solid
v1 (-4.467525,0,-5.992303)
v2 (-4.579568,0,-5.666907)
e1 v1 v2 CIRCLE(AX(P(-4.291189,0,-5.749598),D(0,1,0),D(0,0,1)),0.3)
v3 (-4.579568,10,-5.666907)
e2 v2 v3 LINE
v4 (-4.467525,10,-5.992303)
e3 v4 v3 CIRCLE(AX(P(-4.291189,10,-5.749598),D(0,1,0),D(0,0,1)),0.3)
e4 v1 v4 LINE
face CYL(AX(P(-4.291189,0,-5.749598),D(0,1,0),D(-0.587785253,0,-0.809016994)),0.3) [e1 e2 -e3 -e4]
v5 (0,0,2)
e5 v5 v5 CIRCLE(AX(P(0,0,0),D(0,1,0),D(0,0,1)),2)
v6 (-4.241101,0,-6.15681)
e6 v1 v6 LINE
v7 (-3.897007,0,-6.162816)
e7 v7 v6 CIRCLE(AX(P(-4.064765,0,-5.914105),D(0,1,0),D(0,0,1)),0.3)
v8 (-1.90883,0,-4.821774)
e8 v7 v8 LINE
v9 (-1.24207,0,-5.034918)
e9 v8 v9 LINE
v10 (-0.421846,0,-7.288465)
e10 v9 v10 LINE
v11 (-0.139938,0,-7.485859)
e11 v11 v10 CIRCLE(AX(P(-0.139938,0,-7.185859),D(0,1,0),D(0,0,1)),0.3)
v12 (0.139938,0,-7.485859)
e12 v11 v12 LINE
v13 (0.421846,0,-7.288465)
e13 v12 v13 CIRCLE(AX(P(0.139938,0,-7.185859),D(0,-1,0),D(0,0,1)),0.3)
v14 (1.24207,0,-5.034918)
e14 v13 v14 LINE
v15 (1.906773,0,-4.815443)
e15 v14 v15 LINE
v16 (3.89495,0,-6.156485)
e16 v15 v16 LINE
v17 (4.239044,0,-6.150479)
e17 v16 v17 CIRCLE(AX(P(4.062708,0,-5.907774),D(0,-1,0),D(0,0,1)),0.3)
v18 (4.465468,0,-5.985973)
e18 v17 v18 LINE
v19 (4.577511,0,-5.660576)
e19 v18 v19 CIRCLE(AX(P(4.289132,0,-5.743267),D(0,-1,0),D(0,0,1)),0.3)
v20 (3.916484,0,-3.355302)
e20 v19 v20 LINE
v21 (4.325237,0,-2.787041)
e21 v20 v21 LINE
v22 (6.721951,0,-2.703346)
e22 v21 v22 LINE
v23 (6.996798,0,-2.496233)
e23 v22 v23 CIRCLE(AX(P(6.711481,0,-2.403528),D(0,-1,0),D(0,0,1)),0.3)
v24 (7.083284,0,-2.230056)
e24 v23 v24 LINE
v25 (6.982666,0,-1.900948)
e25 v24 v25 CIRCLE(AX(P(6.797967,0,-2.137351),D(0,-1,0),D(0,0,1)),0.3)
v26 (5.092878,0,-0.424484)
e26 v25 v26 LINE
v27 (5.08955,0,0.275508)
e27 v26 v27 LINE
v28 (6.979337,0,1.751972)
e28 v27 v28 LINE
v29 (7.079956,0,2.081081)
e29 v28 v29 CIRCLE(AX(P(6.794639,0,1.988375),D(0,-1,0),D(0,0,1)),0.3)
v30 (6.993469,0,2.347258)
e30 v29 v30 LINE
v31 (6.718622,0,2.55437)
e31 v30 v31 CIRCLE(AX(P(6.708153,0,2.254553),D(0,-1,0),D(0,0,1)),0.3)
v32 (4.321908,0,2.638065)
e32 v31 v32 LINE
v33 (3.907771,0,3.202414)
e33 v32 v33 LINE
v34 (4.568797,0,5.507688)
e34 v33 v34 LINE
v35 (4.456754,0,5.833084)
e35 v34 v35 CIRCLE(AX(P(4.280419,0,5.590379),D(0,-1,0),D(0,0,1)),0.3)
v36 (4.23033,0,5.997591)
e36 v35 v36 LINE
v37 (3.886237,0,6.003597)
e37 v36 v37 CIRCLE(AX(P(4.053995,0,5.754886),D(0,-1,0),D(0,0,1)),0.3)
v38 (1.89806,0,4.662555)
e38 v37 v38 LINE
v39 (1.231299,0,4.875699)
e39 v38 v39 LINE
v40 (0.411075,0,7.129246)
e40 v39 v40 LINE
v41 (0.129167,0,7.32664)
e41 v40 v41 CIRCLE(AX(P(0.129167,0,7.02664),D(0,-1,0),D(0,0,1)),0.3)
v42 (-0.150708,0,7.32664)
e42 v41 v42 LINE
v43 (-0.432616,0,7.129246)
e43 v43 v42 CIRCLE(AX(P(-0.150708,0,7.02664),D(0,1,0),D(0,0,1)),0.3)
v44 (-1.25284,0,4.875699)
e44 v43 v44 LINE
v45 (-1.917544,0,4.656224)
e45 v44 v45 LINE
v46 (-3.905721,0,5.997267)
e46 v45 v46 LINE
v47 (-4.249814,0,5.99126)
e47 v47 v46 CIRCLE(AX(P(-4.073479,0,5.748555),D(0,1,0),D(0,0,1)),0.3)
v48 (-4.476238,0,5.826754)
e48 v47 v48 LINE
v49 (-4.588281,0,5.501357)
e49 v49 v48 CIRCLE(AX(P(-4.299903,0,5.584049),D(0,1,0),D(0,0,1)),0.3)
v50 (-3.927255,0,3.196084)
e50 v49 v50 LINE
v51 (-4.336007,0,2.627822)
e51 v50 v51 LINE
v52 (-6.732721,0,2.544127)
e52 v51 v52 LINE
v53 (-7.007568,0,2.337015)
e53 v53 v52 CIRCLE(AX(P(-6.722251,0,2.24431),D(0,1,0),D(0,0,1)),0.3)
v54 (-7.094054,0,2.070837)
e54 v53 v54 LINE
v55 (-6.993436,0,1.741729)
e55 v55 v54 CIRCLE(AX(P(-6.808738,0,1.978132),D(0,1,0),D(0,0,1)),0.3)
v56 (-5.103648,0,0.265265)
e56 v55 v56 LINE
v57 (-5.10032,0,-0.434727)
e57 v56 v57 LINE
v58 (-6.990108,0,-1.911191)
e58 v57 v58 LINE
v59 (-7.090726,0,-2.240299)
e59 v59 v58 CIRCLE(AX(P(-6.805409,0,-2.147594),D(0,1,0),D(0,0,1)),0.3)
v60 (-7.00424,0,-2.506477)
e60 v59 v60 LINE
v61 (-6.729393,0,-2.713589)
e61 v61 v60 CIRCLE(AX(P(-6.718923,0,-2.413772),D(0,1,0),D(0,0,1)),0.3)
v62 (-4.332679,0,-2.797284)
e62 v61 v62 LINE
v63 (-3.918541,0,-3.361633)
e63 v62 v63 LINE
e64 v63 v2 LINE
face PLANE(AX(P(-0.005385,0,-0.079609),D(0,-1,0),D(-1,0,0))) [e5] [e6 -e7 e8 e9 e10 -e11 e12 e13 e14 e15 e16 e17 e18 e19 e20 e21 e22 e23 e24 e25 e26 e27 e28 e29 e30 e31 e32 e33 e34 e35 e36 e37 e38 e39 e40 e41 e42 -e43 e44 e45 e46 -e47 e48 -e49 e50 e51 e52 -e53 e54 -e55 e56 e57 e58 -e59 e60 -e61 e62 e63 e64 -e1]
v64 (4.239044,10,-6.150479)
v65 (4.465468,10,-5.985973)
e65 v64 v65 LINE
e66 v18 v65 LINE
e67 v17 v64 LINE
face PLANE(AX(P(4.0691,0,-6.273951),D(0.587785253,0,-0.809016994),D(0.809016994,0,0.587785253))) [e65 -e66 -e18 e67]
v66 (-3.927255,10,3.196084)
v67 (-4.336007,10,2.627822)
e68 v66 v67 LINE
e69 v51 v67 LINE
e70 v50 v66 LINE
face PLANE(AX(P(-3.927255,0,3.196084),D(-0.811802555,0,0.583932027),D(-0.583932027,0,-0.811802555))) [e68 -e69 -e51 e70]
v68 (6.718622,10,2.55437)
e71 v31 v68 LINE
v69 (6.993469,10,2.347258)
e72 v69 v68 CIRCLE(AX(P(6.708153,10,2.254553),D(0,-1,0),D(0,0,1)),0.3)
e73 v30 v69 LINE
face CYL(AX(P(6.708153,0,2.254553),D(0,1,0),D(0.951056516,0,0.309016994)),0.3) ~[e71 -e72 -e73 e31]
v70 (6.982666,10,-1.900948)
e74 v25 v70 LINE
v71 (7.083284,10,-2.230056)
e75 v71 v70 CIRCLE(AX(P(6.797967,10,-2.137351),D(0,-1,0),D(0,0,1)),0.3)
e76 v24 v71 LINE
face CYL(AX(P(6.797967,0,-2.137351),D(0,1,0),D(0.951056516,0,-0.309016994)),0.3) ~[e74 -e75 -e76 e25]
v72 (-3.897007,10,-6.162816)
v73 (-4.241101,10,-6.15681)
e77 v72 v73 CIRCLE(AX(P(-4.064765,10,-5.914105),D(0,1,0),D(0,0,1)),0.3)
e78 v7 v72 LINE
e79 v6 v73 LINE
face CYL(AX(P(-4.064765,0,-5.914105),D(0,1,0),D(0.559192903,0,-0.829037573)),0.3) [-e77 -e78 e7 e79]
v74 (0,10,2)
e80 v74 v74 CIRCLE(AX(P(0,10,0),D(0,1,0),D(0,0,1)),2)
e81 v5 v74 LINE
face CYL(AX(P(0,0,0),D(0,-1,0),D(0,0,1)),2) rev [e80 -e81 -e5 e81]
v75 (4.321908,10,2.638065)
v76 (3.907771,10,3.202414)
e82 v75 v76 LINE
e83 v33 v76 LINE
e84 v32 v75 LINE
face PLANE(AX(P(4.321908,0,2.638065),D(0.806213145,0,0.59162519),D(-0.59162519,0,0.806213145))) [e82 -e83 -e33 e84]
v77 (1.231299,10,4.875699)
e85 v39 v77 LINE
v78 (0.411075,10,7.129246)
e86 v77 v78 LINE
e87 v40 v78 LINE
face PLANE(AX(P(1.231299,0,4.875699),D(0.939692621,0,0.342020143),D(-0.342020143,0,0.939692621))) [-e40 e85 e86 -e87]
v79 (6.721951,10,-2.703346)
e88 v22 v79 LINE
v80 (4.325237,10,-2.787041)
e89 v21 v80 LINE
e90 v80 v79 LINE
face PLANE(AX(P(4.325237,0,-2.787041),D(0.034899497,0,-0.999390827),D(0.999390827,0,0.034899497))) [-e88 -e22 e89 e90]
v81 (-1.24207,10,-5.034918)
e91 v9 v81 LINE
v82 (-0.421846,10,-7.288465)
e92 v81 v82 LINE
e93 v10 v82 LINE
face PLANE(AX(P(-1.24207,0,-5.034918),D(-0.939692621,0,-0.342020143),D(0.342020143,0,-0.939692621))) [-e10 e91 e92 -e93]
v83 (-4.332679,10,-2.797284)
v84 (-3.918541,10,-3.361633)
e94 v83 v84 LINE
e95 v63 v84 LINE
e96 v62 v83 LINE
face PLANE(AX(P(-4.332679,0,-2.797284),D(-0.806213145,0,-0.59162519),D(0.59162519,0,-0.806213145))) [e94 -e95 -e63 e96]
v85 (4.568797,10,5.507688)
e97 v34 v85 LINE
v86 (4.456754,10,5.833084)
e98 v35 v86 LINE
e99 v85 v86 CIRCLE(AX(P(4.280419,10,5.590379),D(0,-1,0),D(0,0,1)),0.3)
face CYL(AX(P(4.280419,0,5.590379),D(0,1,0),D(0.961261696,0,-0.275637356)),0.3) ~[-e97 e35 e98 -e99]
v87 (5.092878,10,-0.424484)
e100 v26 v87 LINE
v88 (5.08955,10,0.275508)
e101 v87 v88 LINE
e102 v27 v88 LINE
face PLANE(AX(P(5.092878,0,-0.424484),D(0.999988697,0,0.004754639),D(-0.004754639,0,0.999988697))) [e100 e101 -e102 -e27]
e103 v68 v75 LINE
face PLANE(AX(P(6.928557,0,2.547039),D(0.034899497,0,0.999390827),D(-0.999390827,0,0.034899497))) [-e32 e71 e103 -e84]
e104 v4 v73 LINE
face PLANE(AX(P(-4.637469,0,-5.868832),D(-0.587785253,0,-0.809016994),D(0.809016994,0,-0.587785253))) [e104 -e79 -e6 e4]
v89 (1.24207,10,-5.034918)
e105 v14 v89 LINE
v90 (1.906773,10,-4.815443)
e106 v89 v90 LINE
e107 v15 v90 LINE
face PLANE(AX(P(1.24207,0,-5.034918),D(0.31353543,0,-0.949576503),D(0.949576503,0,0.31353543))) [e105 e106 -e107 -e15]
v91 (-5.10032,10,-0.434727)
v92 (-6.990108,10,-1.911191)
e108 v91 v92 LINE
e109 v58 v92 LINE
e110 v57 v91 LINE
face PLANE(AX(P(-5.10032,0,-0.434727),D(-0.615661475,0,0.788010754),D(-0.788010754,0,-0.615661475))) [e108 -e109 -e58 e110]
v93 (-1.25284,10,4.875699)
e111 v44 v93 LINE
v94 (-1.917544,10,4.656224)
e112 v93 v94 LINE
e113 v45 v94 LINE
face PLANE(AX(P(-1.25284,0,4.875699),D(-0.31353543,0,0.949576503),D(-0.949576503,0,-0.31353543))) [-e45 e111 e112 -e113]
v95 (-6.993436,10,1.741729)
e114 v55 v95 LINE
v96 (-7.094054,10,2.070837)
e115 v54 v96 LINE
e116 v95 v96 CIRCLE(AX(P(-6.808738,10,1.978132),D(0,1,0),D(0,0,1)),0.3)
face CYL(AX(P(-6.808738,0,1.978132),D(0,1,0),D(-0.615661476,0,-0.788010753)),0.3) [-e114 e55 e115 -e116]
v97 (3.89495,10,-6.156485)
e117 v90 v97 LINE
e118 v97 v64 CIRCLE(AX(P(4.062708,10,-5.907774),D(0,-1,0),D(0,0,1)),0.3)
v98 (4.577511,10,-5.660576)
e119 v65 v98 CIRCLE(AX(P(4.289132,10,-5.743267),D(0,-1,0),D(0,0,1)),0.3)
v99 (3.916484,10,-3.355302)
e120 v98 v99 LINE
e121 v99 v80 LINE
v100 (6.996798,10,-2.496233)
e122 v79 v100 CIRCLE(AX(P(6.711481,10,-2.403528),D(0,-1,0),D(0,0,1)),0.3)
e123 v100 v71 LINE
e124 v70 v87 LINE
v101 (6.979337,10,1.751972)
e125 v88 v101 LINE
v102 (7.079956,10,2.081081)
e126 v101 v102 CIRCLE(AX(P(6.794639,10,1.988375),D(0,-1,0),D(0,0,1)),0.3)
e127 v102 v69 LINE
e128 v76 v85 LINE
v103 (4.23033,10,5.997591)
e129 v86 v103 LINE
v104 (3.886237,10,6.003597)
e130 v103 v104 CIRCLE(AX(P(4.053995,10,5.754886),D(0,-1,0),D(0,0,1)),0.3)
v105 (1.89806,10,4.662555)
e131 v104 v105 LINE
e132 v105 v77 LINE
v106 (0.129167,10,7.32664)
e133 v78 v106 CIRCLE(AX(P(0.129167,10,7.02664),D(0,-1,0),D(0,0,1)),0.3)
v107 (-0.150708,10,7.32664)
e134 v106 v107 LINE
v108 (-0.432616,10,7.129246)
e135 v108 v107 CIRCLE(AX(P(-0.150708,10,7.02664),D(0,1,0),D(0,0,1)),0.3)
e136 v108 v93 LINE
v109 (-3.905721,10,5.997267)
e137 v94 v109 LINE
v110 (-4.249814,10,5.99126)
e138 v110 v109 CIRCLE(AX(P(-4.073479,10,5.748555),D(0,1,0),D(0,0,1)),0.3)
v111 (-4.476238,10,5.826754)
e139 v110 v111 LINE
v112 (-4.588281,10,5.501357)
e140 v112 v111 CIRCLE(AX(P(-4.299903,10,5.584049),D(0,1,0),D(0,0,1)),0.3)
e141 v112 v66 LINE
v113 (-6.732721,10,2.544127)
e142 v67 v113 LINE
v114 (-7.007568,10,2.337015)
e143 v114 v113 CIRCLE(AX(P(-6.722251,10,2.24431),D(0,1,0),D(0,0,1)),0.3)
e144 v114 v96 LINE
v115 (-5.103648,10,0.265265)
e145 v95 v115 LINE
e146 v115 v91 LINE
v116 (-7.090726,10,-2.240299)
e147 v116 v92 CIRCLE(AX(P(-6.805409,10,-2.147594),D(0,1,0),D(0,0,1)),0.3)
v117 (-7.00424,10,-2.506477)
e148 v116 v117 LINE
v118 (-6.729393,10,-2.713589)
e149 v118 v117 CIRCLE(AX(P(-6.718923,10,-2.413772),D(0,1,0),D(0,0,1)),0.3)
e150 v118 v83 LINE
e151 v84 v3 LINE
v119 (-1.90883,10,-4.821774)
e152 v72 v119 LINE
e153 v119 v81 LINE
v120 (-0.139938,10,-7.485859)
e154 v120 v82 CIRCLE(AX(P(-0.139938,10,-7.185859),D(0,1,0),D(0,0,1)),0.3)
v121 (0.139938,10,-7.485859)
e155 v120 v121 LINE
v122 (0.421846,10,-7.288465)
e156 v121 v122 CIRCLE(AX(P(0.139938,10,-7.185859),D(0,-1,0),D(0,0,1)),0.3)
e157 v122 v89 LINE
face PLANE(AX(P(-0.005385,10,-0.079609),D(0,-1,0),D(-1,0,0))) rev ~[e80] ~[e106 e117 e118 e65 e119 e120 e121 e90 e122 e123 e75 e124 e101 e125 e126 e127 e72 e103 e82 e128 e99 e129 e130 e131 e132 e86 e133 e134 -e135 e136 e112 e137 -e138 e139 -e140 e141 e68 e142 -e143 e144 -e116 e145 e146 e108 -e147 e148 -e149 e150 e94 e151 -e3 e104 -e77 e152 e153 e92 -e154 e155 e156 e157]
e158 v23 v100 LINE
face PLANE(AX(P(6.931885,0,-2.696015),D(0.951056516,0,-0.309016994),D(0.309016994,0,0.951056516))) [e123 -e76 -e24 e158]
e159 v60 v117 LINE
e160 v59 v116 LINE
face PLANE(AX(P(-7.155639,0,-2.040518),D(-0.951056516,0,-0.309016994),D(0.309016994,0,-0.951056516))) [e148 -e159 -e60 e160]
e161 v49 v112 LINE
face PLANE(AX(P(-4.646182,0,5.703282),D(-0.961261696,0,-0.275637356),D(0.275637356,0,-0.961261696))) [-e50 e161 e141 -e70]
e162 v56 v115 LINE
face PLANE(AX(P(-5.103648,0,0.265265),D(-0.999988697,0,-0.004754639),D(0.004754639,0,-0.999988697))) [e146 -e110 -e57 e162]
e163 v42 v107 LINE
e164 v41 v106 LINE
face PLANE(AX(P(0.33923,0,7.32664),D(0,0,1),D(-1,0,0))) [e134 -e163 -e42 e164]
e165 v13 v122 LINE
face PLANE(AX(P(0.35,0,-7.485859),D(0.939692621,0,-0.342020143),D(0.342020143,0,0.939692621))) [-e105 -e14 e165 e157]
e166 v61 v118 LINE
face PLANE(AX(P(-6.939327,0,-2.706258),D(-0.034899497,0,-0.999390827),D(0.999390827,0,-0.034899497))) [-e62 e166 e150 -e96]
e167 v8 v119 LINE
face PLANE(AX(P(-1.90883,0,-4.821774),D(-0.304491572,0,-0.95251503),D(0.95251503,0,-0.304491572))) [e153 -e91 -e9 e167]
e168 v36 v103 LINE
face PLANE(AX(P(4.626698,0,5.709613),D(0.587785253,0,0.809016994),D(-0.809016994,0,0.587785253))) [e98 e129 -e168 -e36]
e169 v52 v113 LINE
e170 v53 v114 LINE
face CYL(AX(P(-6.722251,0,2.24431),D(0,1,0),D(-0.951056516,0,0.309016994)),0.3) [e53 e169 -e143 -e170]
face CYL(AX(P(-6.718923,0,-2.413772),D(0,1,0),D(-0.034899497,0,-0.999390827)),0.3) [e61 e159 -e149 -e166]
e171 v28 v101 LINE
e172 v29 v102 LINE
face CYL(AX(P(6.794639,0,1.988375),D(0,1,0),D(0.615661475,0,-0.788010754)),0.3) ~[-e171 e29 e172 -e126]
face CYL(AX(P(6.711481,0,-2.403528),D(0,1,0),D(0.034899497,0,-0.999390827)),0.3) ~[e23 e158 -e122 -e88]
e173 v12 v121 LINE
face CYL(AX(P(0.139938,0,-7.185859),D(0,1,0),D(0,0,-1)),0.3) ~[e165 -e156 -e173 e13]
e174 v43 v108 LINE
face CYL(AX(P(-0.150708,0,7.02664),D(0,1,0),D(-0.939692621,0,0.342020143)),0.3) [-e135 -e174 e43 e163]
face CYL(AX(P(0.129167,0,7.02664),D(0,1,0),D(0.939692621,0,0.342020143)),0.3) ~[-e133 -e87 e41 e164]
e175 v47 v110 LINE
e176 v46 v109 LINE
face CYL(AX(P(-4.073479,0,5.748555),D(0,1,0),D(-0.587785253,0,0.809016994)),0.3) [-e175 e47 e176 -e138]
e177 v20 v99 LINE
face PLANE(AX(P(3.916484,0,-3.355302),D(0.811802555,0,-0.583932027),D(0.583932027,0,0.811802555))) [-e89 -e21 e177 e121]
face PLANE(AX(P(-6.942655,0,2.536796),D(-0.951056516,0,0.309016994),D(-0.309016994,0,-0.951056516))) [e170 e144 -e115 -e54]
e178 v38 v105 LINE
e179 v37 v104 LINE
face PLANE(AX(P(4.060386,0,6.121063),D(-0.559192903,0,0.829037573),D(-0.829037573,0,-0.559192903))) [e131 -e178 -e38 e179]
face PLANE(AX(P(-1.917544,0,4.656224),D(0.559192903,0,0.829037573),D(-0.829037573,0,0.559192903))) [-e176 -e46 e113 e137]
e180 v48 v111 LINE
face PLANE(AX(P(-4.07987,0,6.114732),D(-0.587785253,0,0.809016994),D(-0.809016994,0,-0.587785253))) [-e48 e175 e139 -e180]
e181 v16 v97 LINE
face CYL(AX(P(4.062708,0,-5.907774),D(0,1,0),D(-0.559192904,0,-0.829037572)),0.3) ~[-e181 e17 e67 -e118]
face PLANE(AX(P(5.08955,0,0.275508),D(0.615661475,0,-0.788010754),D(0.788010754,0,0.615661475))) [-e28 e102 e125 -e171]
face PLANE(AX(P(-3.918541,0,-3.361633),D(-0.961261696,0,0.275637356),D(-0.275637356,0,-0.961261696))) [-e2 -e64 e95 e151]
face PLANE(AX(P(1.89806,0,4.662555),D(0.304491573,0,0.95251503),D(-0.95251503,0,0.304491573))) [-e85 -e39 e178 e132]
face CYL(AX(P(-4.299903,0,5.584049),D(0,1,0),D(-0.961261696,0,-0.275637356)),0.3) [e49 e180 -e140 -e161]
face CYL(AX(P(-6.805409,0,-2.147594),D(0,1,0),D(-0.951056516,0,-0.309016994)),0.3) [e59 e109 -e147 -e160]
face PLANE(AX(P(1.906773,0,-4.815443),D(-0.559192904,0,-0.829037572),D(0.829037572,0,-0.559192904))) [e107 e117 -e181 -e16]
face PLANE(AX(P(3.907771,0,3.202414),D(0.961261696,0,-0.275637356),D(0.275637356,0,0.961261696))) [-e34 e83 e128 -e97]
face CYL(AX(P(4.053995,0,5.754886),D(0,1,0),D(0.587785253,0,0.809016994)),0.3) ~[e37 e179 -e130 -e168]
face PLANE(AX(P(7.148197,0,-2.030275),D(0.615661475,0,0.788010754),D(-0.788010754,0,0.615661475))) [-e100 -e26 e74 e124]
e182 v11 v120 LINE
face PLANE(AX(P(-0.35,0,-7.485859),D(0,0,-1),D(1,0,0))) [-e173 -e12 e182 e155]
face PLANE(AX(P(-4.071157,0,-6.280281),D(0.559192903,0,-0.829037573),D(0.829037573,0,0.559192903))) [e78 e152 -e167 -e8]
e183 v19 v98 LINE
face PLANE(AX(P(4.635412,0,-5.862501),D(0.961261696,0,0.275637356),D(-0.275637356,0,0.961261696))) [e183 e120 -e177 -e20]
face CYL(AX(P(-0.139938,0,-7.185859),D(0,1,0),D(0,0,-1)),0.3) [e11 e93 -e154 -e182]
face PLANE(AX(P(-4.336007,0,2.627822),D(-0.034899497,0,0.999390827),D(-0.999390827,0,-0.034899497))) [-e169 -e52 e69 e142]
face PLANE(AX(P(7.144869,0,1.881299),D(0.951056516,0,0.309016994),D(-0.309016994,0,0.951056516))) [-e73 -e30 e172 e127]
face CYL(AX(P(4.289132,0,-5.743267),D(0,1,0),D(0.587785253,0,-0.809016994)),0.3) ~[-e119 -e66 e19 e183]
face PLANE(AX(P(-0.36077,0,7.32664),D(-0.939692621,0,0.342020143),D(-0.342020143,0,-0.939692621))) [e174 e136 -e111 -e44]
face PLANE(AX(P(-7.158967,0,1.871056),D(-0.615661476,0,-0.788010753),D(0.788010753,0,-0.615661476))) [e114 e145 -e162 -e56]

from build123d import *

# Parameters (mm, degrees)
SKETCH2_R           = 2
BOSS_EXTRUDE1_DEPTH = 10
FILLET1_R           = 0.3


with BuildPart() as part:
    # Sketch2 → Boss-Extrude1 (new body)
    with BuildSketch(Plane(origin=(0, 0, 0), x_dir=(1, 0, 0), z_dir=(0, 1, 0))):
        Polygon((-0.35, 7.485859039), (0.35, 7.485859039), (1.242069669, 5.034917766), (1.906773221, 4.815442965), (4.069099878, 6.273950712), (4.635411774, 5.862501035), (3.916484162, 3.355302497), (4.325236581, 2.787040708), (6.931884937, 2.696014542), (7.148196833, 2.03027498), (5.092877853, 0.424483803), (5.089549606, -0.275508285), (7.144868587, -1.881299462), (6.928556691, -2.547039024), (4.321908334, -2.63806519), (3.907770701, -3.202414391), (4.626698313, -5.709612929), (4.060386417, -6.121062606), (1.898059759, -4.662554859), (1.231299238, -4.87569896), (0.339229569, -7.326640233), (-0.360770431, -7.326640233), (-1.2528401, -4.87569896), (-1.917543652, -4.656224159), (-4.079870309, -6.114731905), (-4.646182205, -5.703282228), (-3.927254593, -3.196083691), (-4.336007012, -2.627821902), (-6.942655368, -2.536795735), (-7.158967264, -1.871056174), (-5.103648284, -0.265264996), (-5.100320037, 0.434727091), (-7.155639018, 2.040518269), (-6.939327122, 2.70625783), (-4.332678765, 2.797283997), (-3.918541132, 3.361633198), (-4.637468744, 5.868831735), (-4.071156848, 6.280281412), (-1.90883019, 4.821773666), (-1.242069669, 5.034917766), align=None)
        with Locations(Location((0, 0, 0), (0, 0, 270))):
            Circle(SKETCH2_R, mode=Mode.SUBTRACT)
    extrude(amount=BOSS_EXTRUDE1_DEPTH)

    # Fillet1
    fillet1_edges = [part.edges().sort_by_distance(p)[0] for p in [
        (-0.35, 5, -7.485859039),
        (0.35, 5, -7.485859039),
        (4.069099878, 5, -6.273950712),
        (4.635411774, 5, -5.862501035),
        (6.931884937, 5, -2.696014542),
        (7.148196833, 5, -2.03027498),
        (7.144868587, 5, 1.881299462),
        (6.928556691, 5, 2.547039024),
        (4.626698313, 5, 5.709612929),
        (4.060386417, 5, 6.121062606),
        (0.339229569, 5, 7.326640233),
        (-0.360770431, 5, 7.326640233),
        (-4.079870309, 5, 6.114731905),
        (-4.646182205, 5, 5.703282228),
        (-6.942655368, 5, 2.536795735),
        (-7.158967264, 5, 1.871056174),
        (-7.155639018, 5, -2.040518269),
        (-6.939327122, 5, -2.70625783),
        (-4.637468744, 5, -5.868831735),
        (-4.071156848, 5, -6.280281412),
    ]]
    fillet(fillet1_edges, radius=FILLET1_R)


solid = part.part
